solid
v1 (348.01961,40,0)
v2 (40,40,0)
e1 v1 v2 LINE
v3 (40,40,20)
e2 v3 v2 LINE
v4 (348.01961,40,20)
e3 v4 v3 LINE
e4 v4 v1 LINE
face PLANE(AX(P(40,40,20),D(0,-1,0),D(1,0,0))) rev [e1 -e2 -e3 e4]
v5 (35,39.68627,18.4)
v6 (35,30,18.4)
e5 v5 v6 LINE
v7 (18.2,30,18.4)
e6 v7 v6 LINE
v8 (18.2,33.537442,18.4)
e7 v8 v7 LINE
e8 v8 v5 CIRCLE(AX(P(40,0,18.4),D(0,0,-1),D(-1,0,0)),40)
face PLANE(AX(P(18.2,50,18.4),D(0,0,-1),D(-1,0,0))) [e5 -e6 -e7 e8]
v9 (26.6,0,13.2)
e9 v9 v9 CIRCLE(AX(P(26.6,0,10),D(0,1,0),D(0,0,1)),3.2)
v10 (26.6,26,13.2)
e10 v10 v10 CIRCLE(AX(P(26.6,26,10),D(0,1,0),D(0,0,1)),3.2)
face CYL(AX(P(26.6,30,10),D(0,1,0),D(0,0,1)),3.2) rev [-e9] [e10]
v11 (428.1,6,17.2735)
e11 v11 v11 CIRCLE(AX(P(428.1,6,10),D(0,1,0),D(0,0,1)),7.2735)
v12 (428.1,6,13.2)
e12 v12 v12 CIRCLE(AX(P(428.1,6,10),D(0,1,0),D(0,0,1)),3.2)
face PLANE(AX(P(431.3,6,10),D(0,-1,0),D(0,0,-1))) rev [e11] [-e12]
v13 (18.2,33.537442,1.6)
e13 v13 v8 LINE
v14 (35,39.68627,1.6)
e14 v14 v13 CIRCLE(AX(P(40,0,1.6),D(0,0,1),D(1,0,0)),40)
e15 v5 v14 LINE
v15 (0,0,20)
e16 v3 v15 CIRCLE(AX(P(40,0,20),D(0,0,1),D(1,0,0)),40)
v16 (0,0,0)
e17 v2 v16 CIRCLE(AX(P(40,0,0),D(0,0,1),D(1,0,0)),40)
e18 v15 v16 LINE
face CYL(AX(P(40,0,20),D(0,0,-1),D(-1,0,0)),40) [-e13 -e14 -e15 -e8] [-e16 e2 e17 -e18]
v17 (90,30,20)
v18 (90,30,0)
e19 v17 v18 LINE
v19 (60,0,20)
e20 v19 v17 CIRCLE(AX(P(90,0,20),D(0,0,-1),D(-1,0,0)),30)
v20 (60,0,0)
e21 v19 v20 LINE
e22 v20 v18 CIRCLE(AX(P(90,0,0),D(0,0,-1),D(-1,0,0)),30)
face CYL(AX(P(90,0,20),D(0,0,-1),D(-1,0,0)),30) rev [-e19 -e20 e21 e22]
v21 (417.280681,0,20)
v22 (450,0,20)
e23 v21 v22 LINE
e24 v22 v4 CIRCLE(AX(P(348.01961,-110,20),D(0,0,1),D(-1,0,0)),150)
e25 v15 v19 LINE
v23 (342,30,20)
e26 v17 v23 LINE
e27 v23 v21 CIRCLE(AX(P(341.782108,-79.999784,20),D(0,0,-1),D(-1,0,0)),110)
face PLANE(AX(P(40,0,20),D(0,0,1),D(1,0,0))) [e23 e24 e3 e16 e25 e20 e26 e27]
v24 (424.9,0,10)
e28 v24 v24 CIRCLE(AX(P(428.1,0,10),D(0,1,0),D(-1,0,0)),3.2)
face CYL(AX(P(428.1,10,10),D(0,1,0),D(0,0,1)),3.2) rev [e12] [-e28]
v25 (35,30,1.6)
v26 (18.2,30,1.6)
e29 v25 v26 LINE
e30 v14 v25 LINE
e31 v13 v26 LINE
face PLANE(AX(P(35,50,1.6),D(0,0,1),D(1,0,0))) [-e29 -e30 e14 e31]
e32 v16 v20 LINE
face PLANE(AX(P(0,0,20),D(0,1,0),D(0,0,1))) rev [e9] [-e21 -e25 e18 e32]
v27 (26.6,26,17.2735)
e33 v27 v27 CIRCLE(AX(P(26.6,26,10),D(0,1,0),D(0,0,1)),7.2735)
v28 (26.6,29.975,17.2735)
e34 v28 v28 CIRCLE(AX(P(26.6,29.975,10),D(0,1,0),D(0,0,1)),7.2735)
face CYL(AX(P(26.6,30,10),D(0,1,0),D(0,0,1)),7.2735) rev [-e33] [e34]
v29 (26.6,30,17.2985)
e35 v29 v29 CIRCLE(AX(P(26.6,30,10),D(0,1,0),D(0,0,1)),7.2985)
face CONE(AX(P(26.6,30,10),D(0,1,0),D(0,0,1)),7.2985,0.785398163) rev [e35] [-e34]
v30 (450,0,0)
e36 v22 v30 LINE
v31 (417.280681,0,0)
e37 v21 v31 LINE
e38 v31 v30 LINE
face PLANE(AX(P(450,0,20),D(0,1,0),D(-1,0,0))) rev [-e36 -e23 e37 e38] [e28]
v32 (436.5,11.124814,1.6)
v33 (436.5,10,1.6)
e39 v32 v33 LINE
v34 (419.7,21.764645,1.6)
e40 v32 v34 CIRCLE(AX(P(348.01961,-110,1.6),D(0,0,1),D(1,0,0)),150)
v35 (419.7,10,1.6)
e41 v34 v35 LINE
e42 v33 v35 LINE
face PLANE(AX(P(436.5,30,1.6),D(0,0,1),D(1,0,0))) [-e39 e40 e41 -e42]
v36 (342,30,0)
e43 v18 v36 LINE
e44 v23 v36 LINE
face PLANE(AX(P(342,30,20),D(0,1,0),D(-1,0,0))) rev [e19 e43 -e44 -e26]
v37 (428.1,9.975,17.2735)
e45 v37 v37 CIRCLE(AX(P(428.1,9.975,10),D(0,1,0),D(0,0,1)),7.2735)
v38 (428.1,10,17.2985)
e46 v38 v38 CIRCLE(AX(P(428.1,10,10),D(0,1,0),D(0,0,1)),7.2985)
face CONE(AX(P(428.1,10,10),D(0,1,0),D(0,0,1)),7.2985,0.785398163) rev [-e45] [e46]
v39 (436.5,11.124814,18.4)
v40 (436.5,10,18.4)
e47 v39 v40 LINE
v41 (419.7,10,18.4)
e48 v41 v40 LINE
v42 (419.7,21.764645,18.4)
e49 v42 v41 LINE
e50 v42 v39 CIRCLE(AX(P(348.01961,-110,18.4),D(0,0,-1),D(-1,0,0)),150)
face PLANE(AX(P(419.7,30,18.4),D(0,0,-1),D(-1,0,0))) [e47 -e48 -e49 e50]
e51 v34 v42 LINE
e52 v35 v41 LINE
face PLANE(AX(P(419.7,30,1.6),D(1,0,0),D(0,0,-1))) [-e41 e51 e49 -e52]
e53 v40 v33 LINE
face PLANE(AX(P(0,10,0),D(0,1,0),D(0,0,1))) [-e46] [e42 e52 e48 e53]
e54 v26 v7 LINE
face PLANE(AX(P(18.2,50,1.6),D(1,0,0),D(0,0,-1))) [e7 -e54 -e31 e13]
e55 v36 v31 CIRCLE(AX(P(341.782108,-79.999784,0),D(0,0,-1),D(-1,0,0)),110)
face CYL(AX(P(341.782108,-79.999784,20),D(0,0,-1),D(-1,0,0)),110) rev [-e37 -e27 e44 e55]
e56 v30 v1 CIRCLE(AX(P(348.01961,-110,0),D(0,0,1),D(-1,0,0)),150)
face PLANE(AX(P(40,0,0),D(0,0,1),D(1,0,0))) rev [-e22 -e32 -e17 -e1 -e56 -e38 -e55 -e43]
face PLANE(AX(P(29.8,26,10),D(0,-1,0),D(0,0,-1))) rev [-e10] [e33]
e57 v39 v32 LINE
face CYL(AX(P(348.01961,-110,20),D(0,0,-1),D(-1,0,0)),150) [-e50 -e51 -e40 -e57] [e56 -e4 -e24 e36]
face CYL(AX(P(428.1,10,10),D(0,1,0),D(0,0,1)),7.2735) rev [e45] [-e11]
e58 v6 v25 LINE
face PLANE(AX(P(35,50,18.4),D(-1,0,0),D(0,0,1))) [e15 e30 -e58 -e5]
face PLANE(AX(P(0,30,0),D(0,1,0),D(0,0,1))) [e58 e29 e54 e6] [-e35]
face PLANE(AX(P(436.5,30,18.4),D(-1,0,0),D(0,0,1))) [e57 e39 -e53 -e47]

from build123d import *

# Parameters (mm, degrees)
DODANIE_WYCI_GNI_CIE2_DEPTH = 20
SZKIC28_W                   = 16.8
SZKIC28_H                   = 16.8
WYTNIJ_WYCI_GNI_CIE1_DEPTH  = 20
SZKIC29_W                   = 16.8
SZKIC29_H                   = 16.8
WYTNIJ_WYCI_GNI_CIE2_DEPTH  = 20


with BuildPart() as part:
    # Szkic1 → Dodanie-wyciągnięcie2 (new body)
    with BuildSketch(Plane.XY):
        with BuildLine():
            Line((40, 40), (348.019609728, 40))
            ThreePointArc((348.019609728, 40), (402.791865479, 29.642400438), (450, 0))
            Line((450, 0), (417.280680948, 0))
            ThreePointArc((417.280680948, 0), (382.503671889, 22.185117958), (342, 30))
            Line((342, 30), (116.308192204, 30))
            Line((116.308192204, 30), (90, 30))
            ThreePointArc((90, 30), (68.786796564, 21.213203436), (60, 0))
            Line((60, 0), (0, 0))
            ThreePointArc((0, 0), (11.715728753, 28.284271247), (40, 40))
        make_face()
    extrude(amount=DODANIE_WYCI_GNI_CIE2_DEPTH)

    # Szkic28 → Wytnij-wyciągnięcie1 (cut)
    with BuildSketch(Plane(origin=(0, 30, 0), x_dir=(1, 0, 0), z_dir=(0, 1, 0))):
        with Locations((26.6, -10)):
            Rectangle(SZKIC28_W, SZKIC28_H)
    extrude(amount=WYTNIJ_WYCI_GNI_CIE1_DEPTH, mode=Mode.SUBTRACT)

    # Szkic29 → Wytnij-wyciągnięcie2 (cut)
    with BuildSketch(Plane(origin=(0, 10, 0), x_dir=(1, 0, 0), z_dir=(0, 1, 0))):
        with Locations((428.1, -10)):
            Rectangle(SZKIC29_W, SZKIC29_H)
    extrude(amount=WYTNIJ_WYCI_GNI_CIE2_DEPTH, mode=Mode.SUBTRACT)

    # Szkic32 → Pog_bienie walcowe pod M6 wkr_t z _bem s (revolve, cut)
    with BuildSketch(Plane(origin=(428.1, 10, 10), x_dir=(0, 0, 1), z_dir=(1, 0, 0))):
        Polygon((0, 0), (0, 26.922753981), (3.2, 25), (3.2, 4), (7.2735, 4), (7.2735, 0.025), (7.2985, 0), align=None)
    revolve(axis=Axis((428.1, 16.35, 10), (0, -1, 0)), mode=Mode.SUBTRACT)

    # Szkic34 → Pog_bienie walcowe pod M6 wkr_t z _b 2 (revolve, cut)
    with BuildSketch(Plane(origin=(26.6, 30, 10), x_dir=(0, 0, 1), z_dir=(1, 0, 0))):
        Polygon((0, 0), (0, 41.922753981), (3.2, 40), (3.2, 4), (7.2735, 4), (7.2735, 0.025), (7.2985, 0), align=None)
    revolve(axis=Axis((26.6, 36.35, 10), (0, -1, 0)), mode=Mode.SUBTRACT)


solid = part.part
